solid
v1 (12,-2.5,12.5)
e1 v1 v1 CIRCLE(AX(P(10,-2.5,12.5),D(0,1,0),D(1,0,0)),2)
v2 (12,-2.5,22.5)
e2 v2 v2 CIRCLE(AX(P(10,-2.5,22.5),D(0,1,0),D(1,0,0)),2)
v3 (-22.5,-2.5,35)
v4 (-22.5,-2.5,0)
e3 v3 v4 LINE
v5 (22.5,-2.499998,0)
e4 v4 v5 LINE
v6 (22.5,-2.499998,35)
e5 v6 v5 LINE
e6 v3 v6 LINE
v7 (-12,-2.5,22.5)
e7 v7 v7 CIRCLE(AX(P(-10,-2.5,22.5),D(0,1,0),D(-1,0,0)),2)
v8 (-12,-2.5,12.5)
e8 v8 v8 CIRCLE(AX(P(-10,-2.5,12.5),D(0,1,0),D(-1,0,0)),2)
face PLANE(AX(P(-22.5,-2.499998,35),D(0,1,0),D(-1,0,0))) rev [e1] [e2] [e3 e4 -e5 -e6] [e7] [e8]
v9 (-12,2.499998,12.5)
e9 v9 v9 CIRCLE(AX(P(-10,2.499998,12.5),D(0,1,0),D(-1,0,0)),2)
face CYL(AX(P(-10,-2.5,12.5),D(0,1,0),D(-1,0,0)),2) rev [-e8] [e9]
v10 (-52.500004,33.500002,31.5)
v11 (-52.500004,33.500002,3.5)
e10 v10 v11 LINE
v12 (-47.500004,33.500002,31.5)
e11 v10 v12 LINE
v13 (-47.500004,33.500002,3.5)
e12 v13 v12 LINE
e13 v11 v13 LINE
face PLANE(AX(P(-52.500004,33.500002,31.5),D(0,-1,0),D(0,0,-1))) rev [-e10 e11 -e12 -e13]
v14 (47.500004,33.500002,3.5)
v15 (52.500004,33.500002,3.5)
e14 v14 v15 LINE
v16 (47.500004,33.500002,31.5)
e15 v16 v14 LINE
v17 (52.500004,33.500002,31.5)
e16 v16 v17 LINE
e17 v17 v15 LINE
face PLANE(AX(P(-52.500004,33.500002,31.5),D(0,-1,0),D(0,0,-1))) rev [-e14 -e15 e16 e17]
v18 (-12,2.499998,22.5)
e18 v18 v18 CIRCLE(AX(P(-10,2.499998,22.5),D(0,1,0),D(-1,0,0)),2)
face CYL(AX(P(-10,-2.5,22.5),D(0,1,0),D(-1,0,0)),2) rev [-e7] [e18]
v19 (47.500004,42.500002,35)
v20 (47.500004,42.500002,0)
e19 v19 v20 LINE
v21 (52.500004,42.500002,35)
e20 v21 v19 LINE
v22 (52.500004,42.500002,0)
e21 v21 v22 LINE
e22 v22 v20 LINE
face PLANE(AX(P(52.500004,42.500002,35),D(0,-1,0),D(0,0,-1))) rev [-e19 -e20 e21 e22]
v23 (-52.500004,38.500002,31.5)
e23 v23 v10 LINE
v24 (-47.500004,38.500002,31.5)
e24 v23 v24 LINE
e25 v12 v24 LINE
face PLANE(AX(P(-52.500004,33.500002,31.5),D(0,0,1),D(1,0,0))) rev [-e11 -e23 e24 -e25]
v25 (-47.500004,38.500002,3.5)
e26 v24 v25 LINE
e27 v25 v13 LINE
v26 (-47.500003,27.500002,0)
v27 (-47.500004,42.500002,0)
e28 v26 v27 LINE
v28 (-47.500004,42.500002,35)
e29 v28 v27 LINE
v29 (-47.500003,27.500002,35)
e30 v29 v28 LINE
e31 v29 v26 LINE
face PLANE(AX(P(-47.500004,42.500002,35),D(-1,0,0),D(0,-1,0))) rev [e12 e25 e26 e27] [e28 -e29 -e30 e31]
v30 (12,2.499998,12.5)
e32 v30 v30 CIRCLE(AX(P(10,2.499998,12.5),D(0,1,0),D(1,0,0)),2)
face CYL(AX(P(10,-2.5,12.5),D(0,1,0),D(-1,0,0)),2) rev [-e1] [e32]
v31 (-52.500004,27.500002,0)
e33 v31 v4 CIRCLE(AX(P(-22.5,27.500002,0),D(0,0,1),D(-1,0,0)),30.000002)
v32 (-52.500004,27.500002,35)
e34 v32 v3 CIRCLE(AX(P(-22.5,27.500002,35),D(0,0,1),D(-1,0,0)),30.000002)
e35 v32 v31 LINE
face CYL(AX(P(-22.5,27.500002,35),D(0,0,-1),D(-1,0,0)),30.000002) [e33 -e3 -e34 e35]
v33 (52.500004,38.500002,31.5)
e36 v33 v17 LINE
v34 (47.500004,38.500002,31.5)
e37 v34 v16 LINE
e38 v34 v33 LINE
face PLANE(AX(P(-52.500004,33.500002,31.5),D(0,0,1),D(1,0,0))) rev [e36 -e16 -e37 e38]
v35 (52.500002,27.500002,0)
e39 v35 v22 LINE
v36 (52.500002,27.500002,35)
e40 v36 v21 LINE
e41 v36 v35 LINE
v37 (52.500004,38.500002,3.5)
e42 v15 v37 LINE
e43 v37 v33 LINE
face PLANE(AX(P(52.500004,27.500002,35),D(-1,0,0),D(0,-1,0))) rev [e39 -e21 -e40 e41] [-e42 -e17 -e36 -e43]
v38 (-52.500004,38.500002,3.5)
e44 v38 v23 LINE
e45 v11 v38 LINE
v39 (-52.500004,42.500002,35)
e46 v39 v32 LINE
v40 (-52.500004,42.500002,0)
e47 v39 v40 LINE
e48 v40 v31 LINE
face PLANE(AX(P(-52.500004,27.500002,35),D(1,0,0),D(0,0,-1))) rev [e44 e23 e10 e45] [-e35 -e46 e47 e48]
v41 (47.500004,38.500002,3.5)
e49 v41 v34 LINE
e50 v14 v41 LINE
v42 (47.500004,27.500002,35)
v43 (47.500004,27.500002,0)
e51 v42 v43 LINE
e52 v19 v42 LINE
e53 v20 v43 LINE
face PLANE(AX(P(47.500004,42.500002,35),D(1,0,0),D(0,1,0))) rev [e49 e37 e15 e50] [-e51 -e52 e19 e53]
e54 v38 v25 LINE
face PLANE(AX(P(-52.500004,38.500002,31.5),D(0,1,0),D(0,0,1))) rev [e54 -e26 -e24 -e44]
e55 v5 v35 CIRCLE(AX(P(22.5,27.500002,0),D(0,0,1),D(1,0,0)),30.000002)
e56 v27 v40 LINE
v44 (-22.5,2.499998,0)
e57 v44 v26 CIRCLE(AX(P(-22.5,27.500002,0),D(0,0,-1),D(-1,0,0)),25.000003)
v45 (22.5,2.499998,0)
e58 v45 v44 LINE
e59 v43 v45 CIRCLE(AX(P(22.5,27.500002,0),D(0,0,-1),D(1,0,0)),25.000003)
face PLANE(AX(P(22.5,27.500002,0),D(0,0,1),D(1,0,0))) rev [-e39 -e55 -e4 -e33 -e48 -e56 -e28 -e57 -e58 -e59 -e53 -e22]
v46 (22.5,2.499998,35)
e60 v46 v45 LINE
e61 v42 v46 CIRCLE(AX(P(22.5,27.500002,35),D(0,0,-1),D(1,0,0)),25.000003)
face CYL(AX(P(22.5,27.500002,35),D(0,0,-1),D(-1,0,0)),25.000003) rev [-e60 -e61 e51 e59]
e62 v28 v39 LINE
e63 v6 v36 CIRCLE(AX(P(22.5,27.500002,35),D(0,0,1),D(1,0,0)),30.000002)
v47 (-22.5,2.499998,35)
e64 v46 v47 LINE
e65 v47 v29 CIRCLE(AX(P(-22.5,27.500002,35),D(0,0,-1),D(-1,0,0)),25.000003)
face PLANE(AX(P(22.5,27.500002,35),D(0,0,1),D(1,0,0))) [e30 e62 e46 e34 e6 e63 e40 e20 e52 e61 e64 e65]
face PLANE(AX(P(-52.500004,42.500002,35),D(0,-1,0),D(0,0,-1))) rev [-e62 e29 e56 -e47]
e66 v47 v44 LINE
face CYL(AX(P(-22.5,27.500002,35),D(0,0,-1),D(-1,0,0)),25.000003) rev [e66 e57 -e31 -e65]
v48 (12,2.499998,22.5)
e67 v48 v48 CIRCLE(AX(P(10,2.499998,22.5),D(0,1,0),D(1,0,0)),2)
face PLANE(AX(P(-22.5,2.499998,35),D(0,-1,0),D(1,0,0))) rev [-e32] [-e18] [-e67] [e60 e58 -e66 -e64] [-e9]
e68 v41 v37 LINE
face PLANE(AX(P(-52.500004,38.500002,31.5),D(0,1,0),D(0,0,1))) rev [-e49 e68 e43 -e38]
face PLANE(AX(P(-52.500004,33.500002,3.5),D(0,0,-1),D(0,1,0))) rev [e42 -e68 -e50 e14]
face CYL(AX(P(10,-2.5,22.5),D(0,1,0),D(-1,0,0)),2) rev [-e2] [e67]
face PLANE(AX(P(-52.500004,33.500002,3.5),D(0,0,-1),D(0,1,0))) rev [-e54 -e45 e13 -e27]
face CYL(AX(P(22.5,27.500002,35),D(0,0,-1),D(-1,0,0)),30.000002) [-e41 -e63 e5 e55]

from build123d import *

# Parameters (mm, degrees)
EXTRUDE_1_DEPTH     = 35
SKETCH_3_W          = 28
SKETCH_3_H          = 5
CUT_EXTRUDE_1_DEPTH = 119.559064219
SKETCH_4_R          = 2
CUT_EXTRUDE_2_DEPTH = 75.707768298


with BuildPart() as part:
    # 草图1 → 凸台-拉伸1 (new body)
    with BuildSketch(Plane.XY):
        with BuildLine():
            Line((-52.500003752, 27.500001563), (-52.500003752, 42.500001563))
            Line((-52.500003752, 42.500001563), (-47.500003752, 42.500001563))
            Line((-47.500003752, 42.500001563), (-47.500003752, 27.500001563))
            ThreePointArc((-47.500003752, 27.500001563), (-40.17767174, 9.822329823), (-22.5, 2.499998437))
            Line((-22.5, 2.499998437), (22.5, 2.499998437))
            ThreePointArc((22.5, 2.499998437), (40.17767174, 9.822329823), (47.500003752, 27.500001563))
            Line((47.500003752, 27.500001563), (47.500003752, 42.500001563))
            Line((47.500003752, 42.500001563), (52.500003752, 42.500001563))
            Line((52.500003752, 42.500001563), (52.500003752, 27.500001563))
            ThreePointArc((52.500003752, 27.500001563), (43.713203436, 6.286798128), (22.5, -2.499998437))
            Line((22.5, -2.499998437), (-22.5, -2.499998437))
            ThreePointArc((-22.5, -2.499998437), (-43.713203436, 6.286798128), (-52.500003752, 27.500001563))
        make_face()
    extrude(amount=EXTRUDE_1_DEPTH)

    # 草图3 → 切除-拉伸1 (cut, through all)
    with BuildSketch(Plane(origin=(52.500003752, 0, 0), x_dir=(0, 0, -1), z_dir=(1, 0, 0))):
        with Locations((-17.5, 36.000001563)):
            Rectangle(SKETCH_3_W, SKETCH_3_H)
    extrude(amount=-CUT_EXTRUDE_1_DEPTH, mode=Mode.SUBTRACT)

    # 草图4 → 切除-拉伸2 (cut, through all)
    with BuildSketch(Plane(origin=(0, 2.499998437, 0), x_dir=(1, 0, 0), z_dir=(0, 1, 0))):
        with Locations(Location((-10, -12.5, 0), (0, 0, 180))):
            Circle(SKETCH_4_R)
        with Locations(Location((-10, -22.5, 0), (0, 0, 180))):
            Circle(SKETCH_4_R)
        with Locations((10, -22.5)):
            Circle(SKETCH_4_R)
        with Locations((10, -12.5)):
            Circle(SKETCH_4_R)
    extrude(amount=-CUT_EXTRUDE_2_DEPTH, mode=Mode.SUBTRACT)


solid = part.part
